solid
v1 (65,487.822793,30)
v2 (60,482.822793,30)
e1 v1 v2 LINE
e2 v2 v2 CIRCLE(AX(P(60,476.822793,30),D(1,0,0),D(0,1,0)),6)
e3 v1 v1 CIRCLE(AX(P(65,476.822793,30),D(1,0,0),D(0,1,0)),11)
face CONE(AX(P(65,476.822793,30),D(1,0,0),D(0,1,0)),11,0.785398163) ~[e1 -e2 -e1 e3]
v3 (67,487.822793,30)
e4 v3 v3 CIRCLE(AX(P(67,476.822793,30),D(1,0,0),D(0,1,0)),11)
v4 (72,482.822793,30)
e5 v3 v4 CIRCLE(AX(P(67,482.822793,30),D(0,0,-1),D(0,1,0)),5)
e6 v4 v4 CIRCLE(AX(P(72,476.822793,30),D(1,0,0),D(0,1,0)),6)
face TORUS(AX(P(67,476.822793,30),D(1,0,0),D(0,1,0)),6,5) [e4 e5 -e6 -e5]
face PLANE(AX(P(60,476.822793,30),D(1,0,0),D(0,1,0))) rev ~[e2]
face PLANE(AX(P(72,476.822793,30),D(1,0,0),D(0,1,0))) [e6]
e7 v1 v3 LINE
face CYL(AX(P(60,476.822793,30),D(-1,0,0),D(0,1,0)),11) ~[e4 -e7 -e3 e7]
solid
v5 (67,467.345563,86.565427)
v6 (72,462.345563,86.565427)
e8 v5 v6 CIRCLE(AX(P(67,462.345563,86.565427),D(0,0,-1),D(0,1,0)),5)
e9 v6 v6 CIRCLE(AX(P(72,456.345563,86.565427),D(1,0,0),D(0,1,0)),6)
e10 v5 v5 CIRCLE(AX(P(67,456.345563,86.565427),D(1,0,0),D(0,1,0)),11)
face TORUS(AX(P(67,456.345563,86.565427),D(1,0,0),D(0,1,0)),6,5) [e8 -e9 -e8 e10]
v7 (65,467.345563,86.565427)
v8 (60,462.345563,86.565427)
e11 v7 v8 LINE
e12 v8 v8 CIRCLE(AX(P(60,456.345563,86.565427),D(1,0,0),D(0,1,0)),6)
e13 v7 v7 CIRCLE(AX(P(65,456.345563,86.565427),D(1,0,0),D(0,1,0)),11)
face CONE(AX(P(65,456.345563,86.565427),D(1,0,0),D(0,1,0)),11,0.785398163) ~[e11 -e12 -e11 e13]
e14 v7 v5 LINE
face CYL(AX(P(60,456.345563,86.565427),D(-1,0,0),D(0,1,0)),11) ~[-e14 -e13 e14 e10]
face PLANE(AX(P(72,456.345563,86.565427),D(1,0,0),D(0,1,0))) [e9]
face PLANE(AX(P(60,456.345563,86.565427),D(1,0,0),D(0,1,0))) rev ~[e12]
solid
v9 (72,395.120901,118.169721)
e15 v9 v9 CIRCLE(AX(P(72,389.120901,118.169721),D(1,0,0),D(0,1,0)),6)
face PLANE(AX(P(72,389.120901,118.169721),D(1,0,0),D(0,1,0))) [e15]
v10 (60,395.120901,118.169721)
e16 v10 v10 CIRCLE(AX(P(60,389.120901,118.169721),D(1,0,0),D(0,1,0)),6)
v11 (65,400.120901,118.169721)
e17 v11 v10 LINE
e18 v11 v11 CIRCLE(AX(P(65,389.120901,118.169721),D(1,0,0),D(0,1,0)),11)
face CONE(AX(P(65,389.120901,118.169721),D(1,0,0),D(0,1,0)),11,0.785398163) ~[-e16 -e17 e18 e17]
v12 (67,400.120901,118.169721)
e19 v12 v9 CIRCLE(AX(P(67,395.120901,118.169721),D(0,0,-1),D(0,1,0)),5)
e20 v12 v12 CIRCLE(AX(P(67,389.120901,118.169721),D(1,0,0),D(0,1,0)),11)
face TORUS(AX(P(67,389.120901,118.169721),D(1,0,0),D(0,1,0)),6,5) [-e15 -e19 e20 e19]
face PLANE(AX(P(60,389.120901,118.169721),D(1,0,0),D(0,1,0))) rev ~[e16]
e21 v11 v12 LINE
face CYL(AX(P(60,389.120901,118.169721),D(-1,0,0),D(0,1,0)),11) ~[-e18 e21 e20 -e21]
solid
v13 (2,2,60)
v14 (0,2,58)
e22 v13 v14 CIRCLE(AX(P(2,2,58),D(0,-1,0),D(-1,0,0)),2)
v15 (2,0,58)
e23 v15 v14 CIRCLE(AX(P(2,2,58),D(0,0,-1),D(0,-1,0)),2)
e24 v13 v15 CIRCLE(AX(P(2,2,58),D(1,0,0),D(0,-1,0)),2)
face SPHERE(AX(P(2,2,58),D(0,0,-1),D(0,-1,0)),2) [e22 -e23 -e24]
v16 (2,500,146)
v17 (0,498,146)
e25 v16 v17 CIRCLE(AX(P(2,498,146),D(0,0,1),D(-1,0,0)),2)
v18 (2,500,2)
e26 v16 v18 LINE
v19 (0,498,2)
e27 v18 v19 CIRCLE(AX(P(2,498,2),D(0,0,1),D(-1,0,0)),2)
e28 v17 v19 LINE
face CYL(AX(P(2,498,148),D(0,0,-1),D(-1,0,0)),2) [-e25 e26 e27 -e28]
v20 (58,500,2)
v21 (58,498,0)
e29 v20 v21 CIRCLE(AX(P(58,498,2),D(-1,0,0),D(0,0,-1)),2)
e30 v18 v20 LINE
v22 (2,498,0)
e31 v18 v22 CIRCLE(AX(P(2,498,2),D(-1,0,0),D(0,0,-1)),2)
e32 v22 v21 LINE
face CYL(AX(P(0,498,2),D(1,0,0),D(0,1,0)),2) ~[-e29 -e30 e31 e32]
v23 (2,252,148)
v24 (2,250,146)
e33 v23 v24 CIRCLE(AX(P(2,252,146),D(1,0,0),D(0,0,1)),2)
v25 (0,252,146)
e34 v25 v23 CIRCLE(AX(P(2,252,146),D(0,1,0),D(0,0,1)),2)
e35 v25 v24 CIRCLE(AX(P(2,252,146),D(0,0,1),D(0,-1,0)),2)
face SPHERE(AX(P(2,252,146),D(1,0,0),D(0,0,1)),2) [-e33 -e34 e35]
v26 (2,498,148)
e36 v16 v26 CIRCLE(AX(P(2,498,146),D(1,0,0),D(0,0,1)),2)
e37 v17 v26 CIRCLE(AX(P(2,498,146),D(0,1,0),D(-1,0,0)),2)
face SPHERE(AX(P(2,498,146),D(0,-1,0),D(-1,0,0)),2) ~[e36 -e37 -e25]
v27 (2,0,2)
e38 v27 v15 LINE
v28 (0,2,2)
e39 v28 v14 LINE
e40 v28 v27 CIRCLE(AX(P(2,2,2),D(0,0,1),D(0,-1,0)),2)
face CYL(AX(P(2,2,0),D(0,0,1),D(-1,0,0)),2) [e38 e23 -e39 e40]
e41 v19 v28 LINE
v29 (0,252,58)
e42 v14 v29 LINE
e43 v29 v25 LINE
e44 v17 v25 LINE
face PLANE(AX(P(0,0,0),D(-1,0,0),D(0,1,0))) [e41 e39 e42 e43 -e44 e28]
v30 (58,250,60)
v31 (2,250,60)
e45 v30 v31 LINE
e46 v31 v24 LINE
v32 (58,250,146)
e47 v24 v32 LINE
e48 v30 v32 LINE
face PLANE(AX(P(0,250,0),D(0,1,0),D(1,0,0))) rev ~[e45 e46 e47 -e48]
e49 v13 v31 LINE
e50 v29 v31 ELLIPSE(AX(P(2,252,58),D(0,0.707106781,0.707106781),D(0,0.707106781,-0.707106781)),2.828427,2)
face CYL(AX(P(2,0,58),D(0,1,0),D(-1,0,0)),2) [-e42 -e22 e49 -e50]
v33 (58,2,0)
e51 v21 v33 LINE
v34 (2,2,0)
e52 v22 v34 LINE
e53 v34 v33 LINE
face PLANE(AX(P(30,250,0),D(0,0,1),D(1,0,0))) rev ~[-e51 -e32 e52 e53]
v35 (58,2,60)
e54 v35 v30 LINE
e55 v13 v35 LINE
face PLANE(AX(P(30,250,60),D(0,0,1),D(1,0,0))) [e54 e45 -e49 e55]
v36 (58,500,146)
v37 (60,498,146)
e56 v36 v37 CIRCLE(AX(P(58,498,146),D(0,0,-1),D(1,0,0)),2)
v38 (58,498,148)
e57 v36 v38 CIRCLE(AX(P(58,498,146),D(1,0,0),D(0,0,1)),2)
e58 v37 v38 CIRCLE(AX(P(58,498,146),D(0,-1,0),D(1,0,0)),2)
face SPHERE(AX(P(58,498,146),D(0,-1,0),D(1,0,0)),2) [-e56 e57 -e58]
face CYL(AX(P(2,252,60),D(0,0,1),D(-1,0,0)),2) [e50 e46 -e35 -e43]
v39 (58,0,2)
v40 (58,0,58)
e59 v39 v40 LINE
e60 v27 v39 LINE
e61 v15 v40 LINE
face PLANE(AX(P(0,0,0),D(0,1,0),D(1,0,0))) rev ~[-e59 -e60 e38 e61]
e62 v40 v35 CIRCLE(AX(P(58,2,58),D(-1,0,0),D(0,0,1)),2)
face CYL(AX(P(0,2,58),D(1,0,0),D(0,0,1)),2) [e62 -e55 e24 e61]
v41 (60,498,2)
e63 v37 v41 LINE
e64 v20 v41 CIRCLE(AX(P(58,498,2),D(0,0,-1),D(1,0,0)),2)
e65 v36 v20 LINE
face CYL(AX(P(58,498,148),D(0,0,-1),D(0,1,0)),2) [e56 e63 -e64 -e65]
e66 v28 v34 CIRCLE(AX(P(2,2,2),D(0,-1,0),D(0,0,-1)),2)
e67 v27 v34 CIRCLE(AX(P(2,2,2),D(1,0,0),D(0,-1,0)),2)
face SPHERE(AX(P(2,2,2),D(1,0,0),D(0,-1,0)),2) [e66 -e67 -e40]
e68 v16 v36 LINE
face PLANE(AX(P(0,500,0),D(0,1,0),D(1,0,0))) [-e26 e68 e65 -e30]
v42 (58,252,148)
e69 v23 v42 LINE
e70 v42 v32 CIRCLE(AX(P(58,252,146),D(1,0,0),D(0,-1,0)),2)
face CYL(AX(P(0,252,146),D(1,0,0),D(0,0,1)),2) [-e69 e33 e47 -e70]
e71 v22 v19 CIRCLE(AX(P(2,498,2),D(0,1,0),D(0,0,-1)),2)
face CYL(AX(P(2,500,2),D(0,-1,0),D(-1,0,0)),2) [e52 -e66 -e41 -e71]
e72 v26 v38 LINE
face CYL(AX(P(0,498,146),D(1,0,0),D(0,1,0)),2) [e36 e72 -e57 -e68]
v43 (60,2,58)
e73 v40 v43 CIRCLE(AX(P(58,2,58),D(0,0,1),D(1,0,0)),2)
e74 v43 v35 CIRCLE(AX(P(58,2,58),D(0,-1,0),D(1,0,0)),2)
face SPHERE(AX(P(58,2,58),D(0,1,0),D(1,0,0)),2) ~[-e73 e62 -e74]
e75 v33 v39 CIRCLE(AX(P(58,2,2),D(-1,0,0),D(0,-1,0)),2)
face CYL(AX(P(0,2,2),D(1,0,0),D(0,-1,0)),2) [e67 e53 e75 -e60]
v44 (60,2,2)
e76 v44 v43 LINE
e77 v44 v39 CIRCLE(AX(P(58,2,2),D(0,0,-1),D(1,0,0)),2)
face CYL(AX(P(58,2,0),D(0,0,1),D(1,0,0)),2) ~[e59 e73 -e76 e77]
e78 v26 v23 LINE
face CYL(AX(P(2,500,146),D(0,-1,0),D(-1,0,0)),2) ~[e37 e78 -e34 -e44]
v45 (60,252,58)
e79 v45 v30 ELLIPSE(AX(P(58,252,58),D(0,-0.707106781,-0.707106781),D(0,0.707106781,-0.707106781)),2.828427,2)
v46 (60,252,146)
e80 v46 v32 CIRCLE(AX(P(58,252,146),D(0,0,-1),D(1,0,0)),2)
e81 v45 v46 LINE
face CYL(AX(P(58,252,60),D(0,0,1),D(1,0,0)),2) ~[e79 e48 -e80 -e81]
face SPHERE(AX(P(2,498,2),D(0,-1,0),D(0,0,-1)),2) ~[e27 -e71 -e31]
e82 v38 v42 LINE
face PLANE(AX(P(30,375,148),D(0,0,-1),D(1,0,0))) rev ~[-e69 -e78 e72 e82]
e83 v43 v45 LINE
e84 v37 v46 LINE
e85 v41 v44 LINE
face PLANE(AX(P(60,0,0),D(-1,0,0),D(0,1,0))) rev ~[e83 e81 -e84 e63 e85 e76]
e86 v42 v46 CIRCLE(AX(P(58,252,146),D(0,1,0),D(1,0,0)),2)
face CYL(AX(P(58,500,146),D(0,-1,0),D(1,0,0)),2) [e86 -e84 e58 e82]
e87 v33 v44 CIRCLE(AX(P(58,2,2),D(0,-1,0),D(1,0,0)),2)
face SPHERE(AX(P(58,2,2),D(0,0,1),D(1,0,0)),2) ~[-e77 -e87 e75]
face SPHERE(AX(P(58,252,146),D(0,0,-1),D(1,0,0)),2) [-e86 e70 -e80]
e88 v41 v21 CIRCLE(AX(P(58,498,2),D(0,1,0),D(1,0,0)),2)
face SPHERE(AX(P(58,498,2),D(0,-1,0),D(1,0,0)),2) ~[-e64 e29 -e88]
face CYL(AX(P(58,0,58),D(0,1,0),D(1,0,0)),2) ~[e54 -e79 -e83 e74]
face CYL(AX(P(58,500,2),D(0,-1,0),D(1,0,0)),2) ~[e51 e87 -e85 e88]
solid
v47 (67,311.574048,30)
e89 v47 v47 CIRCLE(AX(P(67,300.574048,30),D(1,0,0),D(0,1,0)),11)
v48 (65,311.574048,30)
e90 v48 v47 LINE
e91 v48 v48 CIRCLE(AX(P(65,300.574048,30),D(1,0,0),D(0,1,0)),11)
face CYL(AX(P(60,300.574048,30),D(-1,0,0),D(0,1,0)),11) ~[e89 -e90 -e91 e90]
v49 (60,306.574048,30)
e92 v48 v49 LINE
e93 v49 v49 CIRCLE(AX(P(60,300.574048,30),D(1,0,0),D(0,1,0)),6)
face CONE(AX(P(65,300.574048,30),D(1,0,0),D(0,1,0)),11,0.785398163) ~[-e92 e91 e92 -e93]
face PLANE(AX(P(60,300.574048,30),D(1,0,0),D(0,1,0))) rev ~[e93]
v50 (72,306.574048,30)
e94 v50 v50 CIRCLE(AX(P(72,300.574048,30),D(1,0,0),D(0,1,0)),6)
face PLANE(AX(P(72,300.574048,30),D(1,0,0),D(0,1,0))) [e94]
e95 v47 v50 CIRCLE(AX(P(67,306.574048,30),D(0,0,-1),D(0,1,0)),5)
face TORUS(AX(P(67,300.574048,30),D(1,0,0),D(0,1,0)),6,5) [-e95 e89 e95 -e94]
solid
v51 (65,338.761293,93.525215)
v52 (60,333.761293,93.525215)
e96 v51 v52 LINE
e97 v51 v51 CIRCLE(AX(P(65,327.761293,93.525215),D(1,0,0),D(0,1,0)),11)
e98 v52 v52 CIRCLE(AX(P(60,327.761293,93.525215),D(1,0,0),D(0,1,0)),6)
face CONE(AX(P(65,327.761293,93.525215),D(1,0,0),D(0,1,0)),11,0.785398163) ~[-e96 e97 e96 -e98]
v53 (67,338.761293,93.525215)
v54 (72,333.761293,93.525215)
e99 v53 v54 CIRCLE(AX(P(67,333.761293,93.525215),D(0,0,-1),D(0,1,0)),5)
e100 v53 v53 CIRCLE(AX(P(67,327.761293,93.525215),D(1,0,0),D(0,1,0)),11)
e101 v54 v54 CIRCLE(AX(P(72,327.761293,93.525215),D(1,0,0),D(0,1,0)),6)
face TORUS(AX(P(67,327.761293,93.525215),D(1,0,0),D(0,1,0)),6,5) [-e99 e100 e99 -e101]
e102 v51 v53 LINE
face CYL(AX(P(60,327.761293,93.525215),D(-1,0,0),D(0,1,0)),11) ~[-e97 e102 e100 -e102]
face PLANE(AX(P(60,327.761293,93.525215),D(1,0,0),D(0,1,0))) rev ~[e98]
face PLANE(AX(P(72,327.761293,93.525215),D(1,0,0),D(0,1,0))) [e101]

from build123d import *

# Parameters (mm, degrees)
F0_W       = 60
F0_H       = 500
F1_DEPTH   = 60
F2_R       = 11
F3_DEPTH   = 12
F4_W       = 60
F4_H       = 250
F5_DEPTH   = 148
F6_R       = 11
F7_DEPTH   = 12
F8_R       = 2
F9_R       = 5
F9_2_R     = 5
F9_3_R     = 5
F9_4_R     = 5
F9_5_R     = 5
F10_SIZE   = 5
F10_2_SIZE = 5
F10_3_SIZE = 5
F10_4_SIZE = 5
F10_5_SIZE = 5


with BuildPart() as f1:
    # F0 (on Top) → F1 (new body)
    with BuildSketch(Plane.XY):
        with Locations((30, 250)):
            Rectangle(F0_W, F0_H)
    extrude(amount=F1_DEPTH)

    # F4 (on face) → F5 (join)
    with BuildSketch(Plane(origin=(0, 0, 0), x_dir=(1, 0, 0), z_dir=(0, 0, -1))):
        with Locations((30, -375)):
            Rectangle(F4_W, F4_H)
    extrude(amount=-F5_DEPTH)

    # F8
    f8_edges = [f1.edges().sort_by_distance(p)[0] for p in [
        (60, 125, 60),
        (60, 0, 30),
        (60, 250, 0),
        (60, 250, 104),
        (60, 375, 148),
        (60, 500, 74),
        (30, 0, 0),
        (0, 0, 30),
        (30, 0, 60),
        (30, 250, 148),
        (0, 375, 148),
        (0, 125, 60),
        (0, 250, 104),
        (0, 250, 0),
        (30, 500, 0),
        (0, 500, 74),
        (30, 500, 148),
    ]]
    fillet(f8_edges, radius=F8_R)


with BuildPart() as f3:
    # F2 (on face) → F3 (new body)
    with BuildSketch(Plane.YZ.offset(60)):
        with Locations((300.5740484487, 30)):
            Circle(F2_R)
    extrude(amount=F3_DEPTH)

    # F9
    f9_edges = [f3.edges().sort_by_distance(p)[0] for p in [
        (72, 289.574048, 30),
    ]]
    fillet(f9_edges, radius=F9_R)

    # F10#5
    f10_5_edges = [f3.edges().sort_by_distance(p)[0] for p in [
        (60, 289.574048, 30),
    ]]
    chamfer(f10_5_edges, length=F10_5_SIZE)


with BuildPart() as f3b:
    # F2 (on face) → F3, piece 2 (new body)
    with BuildSketch(Plane.YZ.offset(60)):
        with Locations((389.1209010156, 118.169720734)):
            Circle(F2_R)
    extrude(amount=F3_DEPTH)

    # F9#3
    f9_3_edges = [f3b.edges().sort_by_distance(p)[0] for p in [
        (72, 378.120901, 118.169721),
    ]]
    fillet(f9_3_edges, radius=F9_3_R)

    # F10#2
    f10_2_edges = [f3b.edges().sort_by_distance(p)[0] for p in [
        (60, 378.120901, 118.169721),
    ]]
    chamfer(f10_2_edges, length=F10_2_SIZE)


with BuildPart() as f3c:
    # F2 (on face) → F3, piece 3 (new body)
    with BuildSketch(Plane.YZ.offset(60)):
        with Locations((476.8227934837, 30)):
            Circle(F2_R)
    extrude(amount=F3_DEPTH)

    # F9#4
    f9_4_edges = [f3c.edges().sort_by_distance(p)[0] for p in [
        (72, 465.822793, 30),
    ]]
    fillet(f9_4_edges, radius=F9_4_R)

    # F10#4
    f10_4_edges = [f3c.edges().sort_by_distance(p)[0] for p in [
        (60, 465.822793, 30),
    ]]
    chamfer(f10_4_edges, length=F10_4_SIZE)


with BuildPart() as f7:
    # F6 (on face) → F7 (new body)
    with BuildSketch(Plane.YZ.offset(60)):
        with Locations((327.7612927353, 93.5252145062)):
            Circle(F6_R)
    extrude(amount=F7_DEPTH)

    # F9#2
    f9_2_edges = [f7.edges().sort_by_distance(p)[0] for p in [
        (72, 316.761293, 93.525215),
    ]]
    fillet(f9_2_edges, radius=F9_2_R)

    # F10
    f10_edges = [f7.edges().sort_by_distance(p)[0] for p in [
        (60, 316.761293, 93.525215),
    ]]
    chamfer(f10_edges, length=F10_SIZE)


with BuildPart() as f7b:
    # F6 (on face) → F7, piece 2 (new body)
    with BuildSketch(Plane.YZ.offset(60)):
        with Locations((456.3455627632, 86.5654273433)):
            Circle(F6_R)
    extrude(amount=F7_DEPTH)

    # F9#5
    f9_5_edges = [f7b.edges().sort_by_distance(p)[0] for p in [
        (72, 445.345563, 86.565427),
    ]]
    fillet(f9_5_edges, radius=F9_5_R)

    # F10#3
    f10_3_edges = [f7b.edges().sort_by_distance(p)[0] for p in [
        (60, 445.345563, 86.565427),
    ]]
    chamfer(f10_3_edges, length=F10_3_SIZE)


solid = Compound([f1.part, f3.part, f3b.part, f3c.part, f7.part, f7b.part])
